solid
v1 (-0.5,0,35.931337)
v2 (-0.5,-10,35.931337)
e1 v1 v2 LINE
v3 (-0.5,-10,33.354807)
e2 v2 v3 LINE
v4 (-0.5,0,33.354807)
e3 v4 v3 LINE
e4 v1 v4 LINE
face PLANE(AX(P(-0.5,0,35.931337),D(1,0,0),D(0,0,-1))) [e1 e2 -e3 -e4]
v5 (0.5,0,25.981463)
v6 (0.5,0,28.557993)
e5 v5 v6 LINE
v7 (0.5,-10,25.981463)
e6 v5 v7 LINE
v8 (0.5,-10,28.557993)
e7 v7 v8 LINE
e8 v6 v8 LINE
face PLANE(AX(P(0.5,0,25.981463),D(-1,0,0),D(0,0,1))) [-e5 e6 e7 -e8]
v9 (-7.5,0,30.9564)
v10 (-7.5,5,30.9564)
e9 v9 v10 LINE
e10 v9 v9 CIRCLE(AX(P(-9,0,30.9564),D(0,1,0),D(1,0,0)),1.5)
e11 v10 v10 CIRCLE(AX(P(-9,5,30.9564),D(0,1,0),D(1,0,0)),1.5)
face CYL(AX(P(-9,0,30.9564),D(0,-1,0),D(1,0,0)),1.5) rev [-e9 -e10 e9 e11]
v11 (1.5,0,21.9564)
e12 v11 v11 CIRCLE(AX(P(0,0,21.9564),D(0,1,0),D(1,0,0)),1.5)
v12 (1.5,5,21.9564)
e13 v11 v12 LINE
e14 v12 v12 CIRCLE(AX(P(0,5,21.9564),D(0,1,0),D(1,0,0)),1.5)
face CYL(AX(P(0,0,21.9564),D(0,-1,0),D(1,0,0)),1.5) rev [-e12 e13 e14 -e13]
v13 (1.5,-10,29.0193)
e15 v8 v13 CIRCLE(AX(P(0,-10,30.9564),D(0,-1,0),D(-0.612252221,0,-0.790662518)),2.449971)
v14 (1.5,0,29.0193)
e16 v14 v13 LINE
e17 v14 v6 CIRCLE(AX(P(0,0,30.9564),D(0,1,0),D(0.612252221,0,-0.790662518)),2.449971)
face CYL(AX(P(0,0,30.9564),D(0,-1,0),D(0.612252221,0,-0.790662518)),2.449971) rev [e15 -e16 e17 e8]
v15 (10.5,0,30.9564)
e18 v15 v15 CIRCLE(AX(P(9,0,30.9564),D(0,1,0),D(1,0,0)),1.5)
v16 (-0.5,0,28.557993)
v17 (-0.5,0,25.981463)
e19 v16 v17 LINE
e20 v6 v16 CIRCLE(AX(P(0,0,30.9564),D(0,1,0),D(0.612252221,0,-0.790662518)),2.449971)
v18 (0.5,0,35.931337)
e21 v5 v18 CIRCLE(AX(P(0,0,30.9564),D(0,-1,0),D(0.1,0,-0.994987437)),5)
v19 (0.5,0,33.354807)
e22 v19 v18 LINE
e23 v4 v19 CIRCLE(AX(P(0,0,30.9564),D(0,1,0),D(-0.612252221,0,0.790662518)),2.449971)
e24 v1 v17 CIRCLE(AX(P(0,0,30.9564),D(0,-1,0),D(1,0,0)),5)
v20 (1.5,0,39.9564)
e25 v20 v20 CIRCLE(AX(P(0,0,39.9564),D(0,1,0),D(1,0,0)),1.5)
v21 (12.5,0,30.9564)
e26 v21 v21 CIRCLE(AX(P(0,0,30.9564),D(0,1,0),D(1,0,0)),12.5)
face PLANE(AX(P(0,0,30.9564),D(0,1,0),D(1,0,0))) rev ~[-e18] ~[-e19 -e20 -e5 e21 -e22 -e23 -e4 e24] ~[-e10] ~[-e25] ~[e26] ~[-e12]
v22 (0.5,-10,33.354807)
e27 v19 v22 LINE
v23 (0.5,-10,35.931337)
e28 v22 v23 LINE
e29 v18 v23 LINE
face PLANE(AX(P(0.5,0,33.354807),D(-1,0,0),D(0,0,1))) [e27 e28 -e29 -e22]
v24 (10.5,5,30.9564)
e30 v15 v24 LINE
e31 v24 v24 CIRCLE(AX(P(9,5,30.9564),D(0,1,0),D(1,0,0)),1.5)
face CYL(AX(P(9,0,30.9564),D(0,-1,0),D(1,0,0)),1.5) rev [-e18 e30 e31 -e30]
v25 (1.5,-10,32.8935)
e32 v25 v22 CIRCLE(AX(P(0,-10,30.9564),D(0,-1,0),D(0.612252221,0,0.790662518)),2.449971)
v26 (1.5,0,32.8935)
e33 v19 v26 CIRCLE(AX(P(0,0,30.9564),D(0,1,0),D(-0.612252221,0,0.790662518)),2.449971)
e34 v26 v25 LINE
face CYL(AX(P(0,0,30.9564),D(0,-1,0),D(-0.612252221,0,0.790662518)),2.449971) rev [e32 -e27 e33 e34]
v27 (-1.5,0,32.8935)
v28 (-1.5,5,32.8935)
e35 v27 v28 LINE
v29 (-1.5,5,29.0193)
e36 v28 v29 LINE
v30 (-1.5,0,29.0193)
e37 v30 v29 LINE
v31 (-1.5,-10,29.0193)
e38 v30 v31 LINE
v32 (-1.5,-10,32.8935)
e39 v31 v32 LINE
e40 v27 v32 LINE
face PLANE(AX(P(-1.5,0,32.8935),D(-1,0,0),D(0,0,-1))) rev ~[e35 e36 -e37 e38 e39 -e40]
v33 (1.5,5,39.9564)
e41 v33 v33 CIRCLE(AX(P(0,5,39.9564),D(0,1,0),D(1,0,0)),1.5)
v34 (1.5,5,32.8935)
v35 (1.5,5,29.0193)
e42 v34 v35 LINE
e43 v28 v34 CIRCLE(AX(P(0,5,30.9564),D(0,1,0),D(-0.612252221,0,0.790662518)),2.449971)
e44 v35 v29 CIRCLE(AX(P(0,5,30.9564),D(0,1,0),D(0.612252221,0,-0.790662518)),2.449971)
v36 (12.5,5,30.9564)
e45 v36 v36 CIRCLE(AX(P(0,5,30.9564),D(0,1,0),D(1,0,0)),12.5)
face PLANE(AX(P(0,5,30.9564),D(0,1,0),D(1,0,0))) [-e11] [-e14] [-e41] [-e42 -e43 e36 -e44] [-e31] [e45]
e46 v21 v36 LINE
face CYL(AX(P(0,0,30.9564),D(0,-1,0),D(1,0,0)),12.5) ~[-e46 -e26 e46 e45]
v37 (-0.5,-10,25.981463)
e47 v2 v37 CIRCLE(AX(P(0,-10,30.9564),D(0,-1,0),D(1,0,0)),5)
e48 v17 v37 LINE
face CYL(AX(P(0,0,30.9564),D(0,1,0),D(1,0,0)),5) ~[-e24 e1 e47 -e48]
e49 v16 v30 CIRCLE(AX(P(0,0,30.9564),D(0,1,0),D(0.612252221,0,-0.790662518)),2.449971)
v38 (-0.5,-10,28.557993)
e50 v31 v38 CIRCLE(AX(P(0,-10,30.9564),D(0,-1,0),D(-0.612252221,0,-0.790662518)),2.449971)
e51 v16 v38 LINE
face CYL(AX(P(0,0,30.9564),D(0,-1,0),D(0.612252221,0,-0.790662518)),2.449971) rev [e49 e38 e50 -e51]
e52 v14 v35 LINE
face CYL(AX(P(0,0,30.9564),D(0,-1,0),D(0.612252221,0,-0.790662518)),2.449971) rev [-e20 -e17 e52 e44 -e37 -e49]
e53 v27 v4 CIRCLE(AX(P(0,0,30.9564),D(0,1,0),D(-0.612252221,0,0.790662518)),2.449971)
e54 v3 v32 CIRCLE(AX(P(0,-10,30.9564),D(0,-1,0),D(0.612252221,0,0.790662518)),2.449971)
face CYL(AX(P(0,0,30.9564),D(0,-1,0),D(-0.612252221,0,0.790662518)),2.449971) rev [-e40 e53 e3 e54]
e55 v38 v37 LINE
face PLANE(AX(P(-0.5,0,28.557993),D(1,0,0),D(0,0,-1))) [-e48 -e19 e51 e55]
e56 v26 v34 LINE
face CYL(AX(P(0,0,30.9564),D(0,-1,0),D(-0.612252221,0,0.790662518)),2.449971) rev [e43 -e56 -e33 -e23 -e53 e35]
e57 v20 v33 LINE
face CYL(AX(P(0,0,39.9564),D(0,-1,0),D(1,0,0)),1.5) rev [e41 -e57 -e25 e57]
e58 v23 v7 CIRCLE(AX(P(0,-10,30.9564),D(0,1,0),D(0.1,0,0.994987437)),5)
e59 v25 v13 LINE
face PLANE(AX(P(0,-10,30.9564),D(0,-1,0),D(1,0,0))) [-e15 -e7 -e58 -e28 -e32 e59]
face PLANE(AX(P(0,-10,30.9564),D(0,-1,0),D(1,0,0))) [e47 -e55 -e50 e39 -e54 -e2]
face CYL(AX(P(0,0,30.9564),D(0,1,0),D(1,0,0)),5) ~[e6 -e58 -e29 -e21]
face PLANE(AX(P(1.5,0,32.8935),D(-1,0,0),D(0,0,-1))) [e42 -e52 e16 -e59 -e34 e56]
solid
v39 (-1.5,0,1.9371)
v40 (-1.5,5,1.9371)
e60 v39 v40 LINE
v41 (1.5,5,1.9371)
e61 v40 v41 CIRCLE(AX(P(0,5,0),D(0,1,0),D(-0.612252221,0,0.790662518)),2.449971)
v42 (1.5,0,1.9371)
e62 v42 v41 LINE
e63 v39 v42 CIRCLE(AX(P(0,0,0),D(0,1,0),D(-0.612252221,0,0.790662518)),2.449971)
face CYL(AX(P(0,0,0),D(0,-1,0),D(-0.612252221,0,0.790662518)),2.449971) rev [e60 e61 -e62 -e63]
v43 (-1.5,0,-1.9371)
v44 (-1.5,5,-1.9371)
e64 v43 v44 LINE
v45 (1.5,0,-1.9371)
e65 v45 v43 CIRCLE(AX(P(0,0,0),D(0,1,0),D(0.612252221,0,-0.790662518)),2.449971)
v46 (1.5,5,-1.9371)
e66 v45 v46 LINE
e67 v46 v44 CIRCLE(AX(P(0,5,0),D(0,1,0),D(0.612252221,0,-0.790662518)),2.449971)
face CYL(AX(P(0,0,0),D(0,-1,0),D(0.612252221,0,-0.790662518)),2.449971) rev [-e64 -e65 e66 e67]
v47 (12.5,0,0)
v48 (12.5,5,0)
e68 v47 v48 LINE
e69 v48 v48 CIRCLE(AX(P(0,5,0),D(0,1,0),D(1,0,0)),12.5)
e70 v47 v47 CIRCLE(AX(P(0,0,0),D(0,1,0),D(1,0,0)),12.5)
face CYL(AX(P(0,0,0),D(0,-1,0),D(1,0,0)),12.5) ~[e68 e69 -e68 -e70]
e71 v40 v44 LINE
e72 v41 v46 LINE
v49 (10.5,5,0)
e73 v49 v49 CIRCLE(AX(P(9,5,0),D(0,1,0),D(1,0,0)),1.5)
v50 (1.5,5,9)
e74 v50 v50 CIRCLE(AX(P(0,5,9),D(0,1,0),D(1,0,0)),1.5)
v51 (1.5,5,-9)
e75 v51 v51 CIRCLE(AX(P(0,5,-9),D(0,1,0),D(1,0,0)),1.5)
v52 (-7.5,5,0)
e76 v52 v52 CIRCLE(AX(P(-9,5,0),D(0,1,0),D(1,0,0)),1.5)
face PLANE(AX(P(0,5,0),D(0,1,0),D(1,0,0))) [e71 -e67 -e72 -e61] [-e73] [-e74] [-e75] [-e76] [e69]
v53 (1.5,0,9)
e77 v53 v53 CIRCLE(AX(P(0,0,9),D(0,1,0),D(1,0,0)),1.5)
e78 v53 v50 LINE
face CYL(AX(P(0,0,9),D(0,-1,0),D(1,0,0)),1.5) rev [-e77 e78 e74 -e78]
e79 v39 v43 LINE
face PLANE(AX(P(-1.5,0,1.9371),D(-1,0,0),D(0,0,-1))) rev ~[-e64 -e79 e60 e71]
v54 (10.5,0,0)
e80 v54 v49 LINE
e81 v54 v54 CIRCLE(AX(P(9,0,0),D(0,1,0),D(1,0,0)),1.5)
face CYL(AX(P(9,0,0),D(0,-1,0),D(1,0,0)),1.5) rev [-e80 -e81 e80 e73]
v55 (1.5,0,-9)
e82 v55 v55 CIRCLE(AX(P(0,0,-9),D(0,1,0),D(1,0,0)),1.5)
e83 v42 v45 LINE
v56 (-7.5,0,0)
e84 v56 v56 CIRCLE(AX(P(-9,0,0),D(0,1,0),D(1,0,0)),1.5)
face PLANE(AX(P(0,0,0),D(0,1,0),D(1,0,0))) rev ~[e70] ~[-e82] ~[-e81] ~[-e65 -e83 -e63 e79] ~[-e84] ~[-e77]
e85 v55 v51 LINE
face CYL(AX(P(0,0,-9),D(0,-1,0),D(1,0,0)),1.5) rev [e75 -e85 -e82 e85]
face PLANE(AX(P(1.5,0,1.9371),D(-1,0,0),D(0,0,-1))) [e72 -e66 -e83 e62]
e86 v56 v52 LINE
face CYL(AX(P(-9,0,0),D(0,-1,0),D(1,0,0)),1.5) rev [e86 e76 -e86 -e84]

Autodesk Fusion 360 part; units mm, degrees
sketch "Sketch1" plane through (0, 0, 0) normal (0, 1, 0) x (1, 0, 0) in component "laserCutExample"
  line L0 (0, 0) -> (0, 2.45) construction
  line L1 (-1.5, -1.9371) -> (-1.5, 1.9371)
  line L2 (1.5, -1.9371) -> (1.5, 1.9371)
  arc A0 (-1.5, -1.9371) -> (1.5, -1.9371) centre (0, 0) ccw
  arc A1 (1.5, 1.9371) -> (-1.5, 1.9371) centre (0, 0) ccw
  circle A2 centre (0, 0) radius 12.5
  circle A3 centre (0, -9) radius 1.5
  circle A4 centre (9, 0) radius 1.5
  circle A5 centre (0, 9) radius 1.5
  circle A6 centre (-9, 0) radius 1.5
  dimension "d1" = 4.9
  dimension "d2" = 3
  dimension "d3" = 3
  dimension "d4" = 9
  dimension "d6" = 360
  dimension "d14" = 25
extrude "Extrude1" add sketch "Sketch1" along normal blind 5 makes body 1 in component "laserCutExample"
sketch "Sketch1 (2)" plane through (0, 0, 0) normal (0, 1, 0) x (1, 0, 0) in component "3dPrintExample"
  line L0 (0, 0) -> (0, 2.45) construction
  line L1 (-1.5, -1.9371) -> (-1.5, 1.9371)
  line L2 (1.5, -1.9371) -> (1.5, 1.9371)
  arc A0 (-1.5, -1.9371) -> (1.5, -1.9371) centre (0, 0) ccw
  arc A1 (1.5, 1.9371) -> (-1.5, 1.9371) centre (0, 0) ccw
  circle A2 centre (0, 0) radius 12.5
  circle A3 centre (0, -9) radius 1.5
  circle A4 centre (9, 0) radius 1.5
  circle A5 centre (0, 9) radius 1.5
  circle A6 centre (-9, 0) radius 1.5
  dimension "d1_1" = 4.9
  dimension "d2_1" = 3
  dimension "d3_1" = 3
  dimension "d4_1" = 9
  dimension "d6_1" = 360
  dimension "d11" = 25
extrude "Extrude1'" add sketch "Sketch1 (2)" along normal blind 5 separate body makes body 2 in component "3dPrintExample"
sketch "Sketch2" plane through (0, 0, 0) normal (0, -1, 0) x (1, 0, 0) in component "3dPrintExample"
  arc A0 (1.5, 1.9371) -> (-1.5, 1.9371) centre (0, 0) ccw
  line L0 (1.5, 1.9371) -> (1.5, -1.9371)
  arc A1 (-1.5, -1.9371) -> (1.5, -1.9371) centre (0, 0) ccw
  line L1 (-1.5, -1.9371) -> (-1.5, 1.9371)
  circle A2 centre (0, -9) radius 1.5
  circle A3 centre (-9, 0) radius 1.5
  circle A4 centre (0, 9) radius 1.5
  circle A5 centre (9, 0) radius 1.5
  circle A6 centre (0, 0) radius 12.5
  circle A7 centre (0, 0) radius 5
  line L2 (-0.5, -5) -> (0.5, -5)
  line L3 (0.5, -5) -> (0.5, 5)
  line L4 (0.5, 5) -> (-0.5, 5)
  line L5 (-0.5, 5) -> (-0.5, -5)
  line L6 (-0.5, -5) -> (0.5, 5) construction
  line L7 (0.5, -5) -> (-0.5, 5) construction
  dimension "d12" = 10
  dimension "d13" = 1
extrude "Extrude2" add sketch "Sketch2" along normal blind 10 contours A0 L0 A1 A7 L3 | A0 A1 L1 A7 L5 bodies 2 in component "3dPrintExample"
component "laserCutExample" placed x (1, 0, 0) y (0, 1, 0) z (0, 0, 1) at (0, 0, 0)
component "3dPrintExample" placed x (1, 0, 0) y (0, 1, 0) z (0, 0, 1) at (0, 0, 30.9564)
